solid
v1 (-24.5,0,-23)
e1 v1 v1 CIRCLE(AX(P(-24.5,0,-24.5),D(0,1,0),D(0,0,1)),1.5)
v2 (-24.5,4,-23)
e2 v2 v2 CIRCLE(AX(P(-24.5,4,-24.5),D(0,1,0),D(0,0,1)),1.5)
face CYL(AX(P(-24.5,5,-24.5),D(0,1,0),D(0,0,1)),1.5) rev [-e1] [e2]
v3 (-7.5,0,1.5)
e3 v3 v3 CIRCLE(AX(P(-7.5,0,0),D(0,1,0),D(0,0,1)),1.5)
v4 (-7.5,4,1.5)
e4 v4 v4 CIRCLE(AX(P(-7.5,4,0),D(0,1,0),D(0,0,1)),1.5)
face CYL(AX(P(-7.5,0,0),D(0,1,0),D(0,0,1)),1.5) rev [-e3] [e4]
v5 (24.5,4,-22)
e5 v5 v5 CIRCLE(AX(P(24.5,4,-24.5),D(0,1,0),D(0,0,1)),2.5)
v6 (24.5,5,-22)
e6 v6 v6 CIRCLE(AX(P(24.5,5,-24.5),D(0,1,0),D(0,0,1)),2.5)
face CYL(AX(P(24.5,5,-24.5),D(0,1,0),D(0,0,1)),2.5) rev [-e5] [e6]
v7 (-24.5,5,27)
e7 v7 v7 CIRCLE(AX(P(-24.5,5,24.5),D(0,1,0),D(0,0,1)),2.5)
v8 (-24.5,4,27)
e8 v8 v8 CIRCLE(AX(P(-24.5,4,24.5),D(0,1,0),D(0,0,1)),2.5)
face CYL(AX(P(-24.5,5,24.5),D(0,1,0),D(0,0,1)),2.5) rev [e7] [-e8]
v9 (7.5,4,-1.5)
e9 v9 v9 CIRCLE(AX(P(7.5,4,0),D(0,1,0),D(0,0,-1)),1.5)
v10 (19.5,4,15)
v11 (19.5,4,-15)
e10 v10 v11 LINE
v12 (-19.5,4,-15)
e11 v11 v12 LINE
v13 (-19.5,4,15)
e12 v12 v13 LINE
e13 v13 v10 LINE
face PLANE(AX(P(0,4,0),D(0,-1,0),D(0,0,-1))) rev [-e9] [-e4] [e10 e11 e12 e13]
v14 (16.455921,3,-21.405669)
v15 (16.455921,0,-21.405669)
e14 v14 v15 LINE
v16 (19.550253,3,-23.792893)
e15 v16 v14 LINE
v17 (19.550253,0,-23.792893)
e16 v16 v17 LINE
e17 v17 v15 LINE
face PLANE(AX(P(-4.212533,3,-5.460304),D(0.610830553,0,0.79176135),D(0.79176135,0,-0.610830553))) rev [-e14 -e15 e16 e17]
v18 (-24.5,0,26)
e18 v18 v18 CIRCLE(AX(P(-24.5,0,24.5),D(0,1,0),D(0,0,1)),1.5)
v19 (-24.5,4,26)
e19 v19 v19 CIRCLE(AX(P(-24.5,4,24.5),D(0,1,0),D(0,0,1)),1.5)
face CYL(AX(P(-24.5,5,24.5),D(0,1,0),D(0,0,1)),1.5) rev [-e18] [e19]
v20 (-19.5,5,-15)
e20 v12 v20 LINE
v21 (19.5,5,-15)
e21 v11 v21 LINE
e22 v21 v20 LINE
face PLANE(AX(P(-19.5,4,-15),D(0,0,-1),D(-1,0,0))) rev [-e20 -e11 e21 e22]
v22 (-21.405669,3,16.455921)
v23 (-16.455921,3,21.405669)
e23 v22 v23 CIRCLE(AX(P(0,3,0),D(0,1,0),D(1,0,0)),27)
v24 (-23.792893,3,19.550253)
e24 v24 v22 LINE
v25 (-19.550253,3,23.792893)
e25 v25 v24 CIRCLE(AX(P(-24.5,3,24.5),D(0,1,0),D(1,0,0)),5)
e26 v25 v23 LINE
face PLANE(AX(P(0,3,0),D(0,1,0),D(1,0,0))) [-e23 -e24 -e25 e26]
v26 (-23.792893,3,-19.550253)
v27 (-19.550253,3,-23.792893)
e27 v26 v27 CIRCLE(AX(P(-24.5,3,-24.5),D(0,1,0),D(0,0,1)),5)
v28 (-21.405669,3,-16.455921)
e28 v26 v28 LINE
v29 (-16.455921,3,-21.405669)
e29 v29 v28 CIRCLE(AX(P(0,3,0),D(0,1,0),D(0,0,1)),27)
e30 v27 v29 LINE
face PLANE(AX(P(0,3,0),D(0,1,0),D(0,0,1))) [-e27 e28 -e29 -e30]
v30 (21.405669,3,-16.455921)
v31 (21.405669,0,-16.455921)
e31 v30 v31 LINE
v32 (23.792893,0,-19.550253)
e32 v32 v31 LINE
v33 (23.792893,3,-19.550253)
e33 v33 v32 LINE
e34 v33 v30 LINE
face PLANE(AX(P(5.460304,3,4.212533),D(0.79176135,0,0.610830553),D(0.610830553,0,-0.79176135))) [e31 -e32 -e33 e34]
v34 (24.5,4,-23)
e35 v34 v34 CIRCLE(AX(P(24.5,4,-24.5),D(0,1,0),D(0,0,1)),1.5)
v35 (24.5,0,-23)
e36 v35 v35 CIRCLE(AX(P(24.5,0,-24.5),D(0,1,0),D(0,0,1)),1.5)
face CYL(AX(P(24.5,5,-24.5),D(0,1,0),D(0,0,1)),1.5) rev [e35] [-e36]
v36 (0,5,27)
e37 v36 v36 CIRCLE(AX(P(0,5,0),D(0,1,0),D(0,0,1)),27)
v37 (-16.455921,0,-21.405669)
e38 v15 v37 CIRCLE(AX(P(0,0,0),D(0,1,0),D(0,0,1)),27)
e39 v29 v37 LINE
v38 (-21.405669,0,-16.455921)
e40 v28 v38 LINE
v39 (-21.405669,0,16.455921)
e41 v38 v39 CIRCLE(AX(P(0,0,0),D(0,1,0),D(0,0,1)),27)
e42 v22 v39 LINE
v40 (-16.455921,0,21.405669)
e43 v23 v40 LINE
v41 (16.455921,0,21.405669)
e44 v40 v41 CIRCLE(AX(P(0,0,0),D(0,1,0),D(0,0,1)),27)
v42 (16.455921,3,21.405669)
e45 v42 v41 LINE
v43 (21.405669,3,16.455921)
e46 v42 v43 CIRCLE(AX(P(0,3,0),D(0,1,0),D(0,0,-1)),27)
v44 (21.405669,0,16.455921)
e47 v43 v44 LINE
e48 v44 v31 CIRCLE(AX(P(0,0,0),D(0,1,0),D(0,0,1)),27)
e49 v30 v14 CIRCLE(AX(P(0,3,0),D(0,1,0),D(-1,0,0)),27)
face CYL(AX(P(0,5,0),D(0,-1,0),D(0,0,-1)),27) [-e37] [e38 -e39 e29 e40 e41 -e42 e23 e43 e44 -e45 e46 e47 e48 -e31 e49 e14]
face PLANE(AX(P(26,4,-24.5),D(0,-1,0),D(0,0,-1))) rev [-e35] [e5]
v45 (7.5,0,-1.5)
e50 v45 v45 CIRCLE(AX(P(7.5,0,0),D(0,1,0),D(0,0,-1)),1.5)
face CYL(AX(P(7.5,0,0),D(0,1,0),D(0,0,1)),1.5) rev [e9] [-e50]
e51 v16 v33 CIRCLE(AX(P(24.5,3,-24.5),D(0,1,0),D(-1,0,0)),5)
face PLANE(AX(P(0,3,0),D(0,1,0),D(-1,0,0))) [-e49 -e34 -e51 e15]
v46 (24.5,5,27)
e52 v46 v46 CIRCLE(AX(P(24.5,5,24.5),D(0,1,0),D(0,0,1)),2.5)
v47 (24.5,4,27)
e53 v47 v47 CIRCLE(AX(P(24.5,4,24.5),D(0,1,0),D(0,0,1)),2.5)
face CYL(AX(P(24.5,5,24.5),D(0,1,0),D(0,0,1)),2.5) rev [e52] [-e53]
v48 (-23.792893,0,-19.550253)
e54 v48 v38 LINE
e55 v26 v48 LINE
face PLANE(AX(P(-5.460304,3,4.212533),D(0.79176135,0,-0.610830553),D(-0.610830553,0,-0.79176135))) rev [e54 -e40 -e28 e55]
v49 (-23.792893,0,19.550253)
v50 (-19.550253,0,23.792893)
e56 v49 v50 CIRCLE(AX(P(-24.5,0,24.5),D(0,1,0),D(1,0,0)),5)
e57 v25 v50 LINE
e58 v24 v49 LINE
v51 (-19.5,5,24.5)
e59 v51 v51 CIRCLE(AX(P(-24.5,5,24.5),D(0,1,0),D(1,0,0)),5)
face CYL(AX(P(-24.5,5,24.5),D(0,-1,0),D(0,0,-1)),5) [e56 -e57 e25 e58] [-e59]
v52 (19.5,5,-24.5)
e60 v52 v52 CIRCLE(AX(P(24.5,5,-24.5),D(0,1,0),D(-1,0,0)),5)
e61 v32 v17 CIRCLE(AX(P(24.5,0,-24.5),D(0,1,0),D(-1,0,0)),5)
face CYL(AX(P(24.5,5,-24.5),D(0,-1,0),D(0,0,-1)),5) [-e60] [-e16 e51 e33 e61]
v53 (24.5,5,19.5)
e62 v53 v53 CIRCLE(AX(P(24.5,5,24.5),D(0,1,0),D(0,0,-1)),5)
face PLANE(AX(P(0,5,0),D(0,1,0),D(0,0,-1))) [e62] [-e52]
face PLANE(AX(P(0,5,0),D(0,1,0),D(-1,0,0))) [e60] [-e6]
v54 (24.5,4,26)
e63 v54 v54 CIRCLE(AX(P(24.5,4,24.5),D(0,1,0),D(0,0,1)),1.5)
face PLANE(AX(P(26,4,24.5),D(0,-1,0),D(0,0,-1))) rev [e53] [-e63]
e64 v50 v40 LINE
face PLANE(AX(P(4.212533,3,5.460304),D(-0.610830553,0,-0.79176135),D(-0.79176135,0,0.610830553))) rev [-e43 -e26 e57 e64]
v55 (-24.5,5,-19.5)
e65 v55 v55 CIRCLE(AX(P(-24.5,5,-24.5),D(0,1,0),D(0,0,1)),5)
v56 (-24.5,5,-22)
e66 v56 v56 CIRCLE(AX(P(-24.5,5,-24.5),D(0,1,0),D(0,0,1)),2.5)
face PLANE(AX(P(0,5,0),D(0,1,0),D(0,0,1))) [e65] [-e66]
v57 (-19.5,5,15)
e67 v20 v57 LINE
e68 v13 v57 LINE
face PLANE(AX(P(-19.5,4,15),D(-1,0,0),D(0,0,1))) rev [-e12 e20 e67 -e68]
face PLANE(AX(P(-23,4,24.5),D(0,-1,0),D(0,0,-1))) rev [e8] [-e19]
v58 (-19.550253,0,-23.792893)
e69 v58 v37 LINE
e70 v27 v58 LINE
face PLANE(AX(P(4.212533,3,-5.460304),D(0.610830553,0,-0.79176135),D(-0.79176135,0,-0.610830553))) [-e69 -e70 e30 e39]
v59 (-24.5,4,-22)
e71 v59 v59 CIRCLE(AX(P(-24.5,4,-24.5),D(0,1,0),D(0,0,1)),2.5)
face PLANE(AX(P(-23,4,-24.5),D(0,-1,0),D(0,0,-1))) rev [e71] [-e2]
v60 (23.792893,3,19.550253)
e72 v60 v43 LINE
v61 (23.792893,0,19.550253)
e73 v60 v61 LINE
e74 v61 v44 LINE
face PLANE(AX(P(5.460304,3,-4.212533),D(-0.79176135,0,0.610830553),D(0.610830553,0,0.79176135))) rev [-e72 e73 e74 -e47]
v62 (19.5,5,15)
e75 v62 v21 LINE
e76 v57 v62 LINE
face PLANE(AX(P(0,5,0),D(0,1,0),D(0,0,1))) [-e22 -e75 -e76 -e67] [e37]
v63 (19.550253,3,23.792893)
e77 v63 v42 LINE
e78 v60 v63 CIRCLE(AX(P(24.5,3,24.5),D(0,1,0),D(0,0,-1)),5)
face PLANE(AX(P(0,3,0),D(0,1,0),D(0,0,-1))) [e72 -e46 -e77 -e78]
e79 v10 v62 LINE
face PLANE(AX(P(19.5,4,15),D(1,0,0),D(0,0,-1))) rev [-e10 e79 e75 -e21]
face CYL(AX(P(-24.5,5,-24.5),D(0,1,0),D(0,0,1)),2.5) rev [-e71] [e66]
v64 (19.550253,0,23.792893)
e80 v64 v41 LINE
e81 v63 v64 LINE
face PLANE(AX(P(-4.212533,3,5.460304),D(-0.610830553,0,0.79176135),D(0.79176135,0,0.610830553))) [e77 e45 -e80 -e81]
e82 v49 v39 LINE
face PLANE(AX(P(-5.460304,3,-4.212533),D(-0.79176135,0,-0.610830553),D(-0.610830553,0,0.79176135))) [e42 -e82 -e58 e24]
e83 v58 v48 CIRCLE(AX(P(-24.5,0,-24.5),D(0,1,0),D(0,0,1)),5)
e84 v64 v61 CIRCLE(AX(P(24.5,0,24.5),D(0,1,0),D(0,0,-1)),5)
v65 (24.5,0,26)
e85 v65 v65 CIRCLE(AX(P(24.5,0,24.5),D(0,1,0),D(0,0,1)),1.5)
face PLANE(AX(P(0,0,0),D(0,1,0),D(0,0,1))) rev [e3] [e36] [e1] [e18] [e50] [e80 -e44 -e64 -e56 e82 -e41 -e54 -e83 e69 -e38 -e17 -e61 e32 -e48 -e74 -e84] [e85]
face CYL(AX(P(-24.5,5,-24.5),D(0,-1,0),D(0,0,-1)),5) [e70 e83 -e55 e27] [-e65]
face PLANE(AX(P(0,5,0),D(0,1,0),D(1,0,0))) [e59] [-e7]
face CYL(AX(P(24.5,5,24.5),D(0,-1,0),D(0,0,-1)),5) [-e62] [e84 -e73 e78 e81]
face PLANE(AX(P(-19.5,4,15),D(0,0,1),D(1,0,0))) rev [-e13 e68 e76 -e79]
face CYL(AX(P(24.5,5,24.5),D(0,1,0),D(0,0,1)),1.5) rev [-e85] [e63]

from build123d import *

# Parameters (mm, degrees)
SKETCH1_R                               = 27
BOSS_EXTRUDE1_DEPTH                     = 5
BOSS_EXTRUDE3_DEPTH                     = 3
SKETCH2_3_R                             = 5
BOSS_EXTRUDE4_DEPTH                     = 5
CBORE_FOR_M5_HEX_HEAD_BOLT1_D           = 3
CBORE_FOR_M5_HEX_HEAD_BOLT1_CBORE_D     = 5
CBORE_FOR_M5_HEX_HEAD_BOLT1_CBORE_DEPTH = 1
SKETCH5_W                               = 39
SKETCH5_H                               = 30
CUT_EXTRUDE1_DEPTH                      = 1
SKETCH6_R                               = 1.5
CUT_EXTRUDE2_DEPTH                      = 42.910619179
CIRPATTERN1_COUNT                       = 4


with BuildPart() as part:
    # Sketch1 → Boss-Extrude1 (new body)
    with BuildSketch(Plane(origin=(0, 0, 0), x_dir=(1, 0, 0), z_dir=(0, 1, 0))):
        with Locations(Location((0, 0, 0), (0, 0, 270))):
            Circle(SKETCH1_R)
    extrude(amount=BOSS_EXTRUDE1_DEPTH)

    # Sketch2 → Boss-Extrude3 (add)
    with BuildSketch(Plane(origin=(0, 0, 0), x_dir=(1, 0, 0), z_dir=(0, 1, 0))):
        with BuildLine():
            ThreePointArc((-19.550252532, 23.792893219), (-20.964466094, 20.964466094), (-23.792893219, 19.550252532))
            Line((-23.792893219, 19.550252532), (-21.405668752, 16.455921283))
            ThreePointArc((-21.405668752, 16.455921283), (-19.091883092, 19.091883092), (-16.455921283, 21.405668752))
            Line((-16.455921283, 21.405668752), (-19.550252532, 23.792893219))
        make_face()
    boss_extrude3 = extrude(amount=BOSS_EXTRUDE3_DEPTH)

    # Sketch2<3> → Boss-Extrude4 (add, through all)
    with BuildSketch(Plane(origin=(0, 0, 0), x_dir=(1, 0, 0), z_dir=(0, 1, 0))):
        with Locations(Location((-24.5, 24.5, 0), (0, 0, 351.869897646))):
            Circle(SKETCH2_3_R)
    boss_extrude4 = extrude(amount=BOSS_EXTRUDE4_DEPTH)

    # CBORE for M5 Hex Head Bolt1 (through all)
    with Locations(Plane(origin=(0, 5, 0), x_dir=(1, 0, 0), z_dir=(0, 1, 0))):
        with Locations((-24.5, 24.5)):
            cbore_for_m5_hex_head_bolt1 = CounterBoreHole(CBORE_FOR_M5_HEX_HEAD_BOLT1_D / 2, CBORE_FOR_M5_HEX_HEAD_BOLT1_CBORE_D / 2, CBORE_FOR_M5_HEX_HEAD_BOLT1_CBORE_DEPTH)

    # Sketch5 → Cut-Extrude1 (cut)
    with BuildSketch(Plane(origin=(0, 5, 0), x_dir=(1, 0, 0), z_dir=(0, 1, 0))):
        Rectangle(SKETCH5_W, SKETCH5_H)
    extrude(amount=-CUT_EXTRUDE1_DEPTH, mode=Mode.SUBTRACT)

    # Sketch6 → Cut-Extrude2 (cut, through all)
    with BuildSketch(Plane(origin=(0, 4, 0), x_dir=(1, 0, 0), z_dir=(0, 1, 0))):
        with Locations(Location((-7.5, 0, 0), (0, 0, 270))):
            Circle(SKETCH6_R)
        with Locations(Location((7.5, 0, 0), (0, 0, 90))):
            Circle(SKETCH6_R)
    extrude(amount=-CUT_EXTRUDE2_DEPTH, mode=Mode.SUBTRACT)

    # CirPattern1: Boss-Extrude3, Boss-Extrude4, CBORE for M5 Hex Head Bolt1 ×4 about axis
    cirpattern1_axis = Axis((0, 0, 0), (0, 1, 0))
    add([boss_extrude3.rotate(cirpattern1_axis, i * 360 / CIRPATTERN1_COUNT) for i in range(1, CIRPATTERN1_COUNT)])
    add([boss_extrude4.rotate(cirpattern1_axis, i * 360 / CIRPATTERN1_COUNT) for i in range(1, CIRPATTERN1_COUNT)])
    add([cbore_for_m5_hex_head_bolt1.rotate(cirpattern1_axis, i * 360 / CIRPATTERN1_COUNT) for i in range(1, CIRPATTERN1_COUNT)], mode=Mode.SUBTRACT)


solid = part.part
